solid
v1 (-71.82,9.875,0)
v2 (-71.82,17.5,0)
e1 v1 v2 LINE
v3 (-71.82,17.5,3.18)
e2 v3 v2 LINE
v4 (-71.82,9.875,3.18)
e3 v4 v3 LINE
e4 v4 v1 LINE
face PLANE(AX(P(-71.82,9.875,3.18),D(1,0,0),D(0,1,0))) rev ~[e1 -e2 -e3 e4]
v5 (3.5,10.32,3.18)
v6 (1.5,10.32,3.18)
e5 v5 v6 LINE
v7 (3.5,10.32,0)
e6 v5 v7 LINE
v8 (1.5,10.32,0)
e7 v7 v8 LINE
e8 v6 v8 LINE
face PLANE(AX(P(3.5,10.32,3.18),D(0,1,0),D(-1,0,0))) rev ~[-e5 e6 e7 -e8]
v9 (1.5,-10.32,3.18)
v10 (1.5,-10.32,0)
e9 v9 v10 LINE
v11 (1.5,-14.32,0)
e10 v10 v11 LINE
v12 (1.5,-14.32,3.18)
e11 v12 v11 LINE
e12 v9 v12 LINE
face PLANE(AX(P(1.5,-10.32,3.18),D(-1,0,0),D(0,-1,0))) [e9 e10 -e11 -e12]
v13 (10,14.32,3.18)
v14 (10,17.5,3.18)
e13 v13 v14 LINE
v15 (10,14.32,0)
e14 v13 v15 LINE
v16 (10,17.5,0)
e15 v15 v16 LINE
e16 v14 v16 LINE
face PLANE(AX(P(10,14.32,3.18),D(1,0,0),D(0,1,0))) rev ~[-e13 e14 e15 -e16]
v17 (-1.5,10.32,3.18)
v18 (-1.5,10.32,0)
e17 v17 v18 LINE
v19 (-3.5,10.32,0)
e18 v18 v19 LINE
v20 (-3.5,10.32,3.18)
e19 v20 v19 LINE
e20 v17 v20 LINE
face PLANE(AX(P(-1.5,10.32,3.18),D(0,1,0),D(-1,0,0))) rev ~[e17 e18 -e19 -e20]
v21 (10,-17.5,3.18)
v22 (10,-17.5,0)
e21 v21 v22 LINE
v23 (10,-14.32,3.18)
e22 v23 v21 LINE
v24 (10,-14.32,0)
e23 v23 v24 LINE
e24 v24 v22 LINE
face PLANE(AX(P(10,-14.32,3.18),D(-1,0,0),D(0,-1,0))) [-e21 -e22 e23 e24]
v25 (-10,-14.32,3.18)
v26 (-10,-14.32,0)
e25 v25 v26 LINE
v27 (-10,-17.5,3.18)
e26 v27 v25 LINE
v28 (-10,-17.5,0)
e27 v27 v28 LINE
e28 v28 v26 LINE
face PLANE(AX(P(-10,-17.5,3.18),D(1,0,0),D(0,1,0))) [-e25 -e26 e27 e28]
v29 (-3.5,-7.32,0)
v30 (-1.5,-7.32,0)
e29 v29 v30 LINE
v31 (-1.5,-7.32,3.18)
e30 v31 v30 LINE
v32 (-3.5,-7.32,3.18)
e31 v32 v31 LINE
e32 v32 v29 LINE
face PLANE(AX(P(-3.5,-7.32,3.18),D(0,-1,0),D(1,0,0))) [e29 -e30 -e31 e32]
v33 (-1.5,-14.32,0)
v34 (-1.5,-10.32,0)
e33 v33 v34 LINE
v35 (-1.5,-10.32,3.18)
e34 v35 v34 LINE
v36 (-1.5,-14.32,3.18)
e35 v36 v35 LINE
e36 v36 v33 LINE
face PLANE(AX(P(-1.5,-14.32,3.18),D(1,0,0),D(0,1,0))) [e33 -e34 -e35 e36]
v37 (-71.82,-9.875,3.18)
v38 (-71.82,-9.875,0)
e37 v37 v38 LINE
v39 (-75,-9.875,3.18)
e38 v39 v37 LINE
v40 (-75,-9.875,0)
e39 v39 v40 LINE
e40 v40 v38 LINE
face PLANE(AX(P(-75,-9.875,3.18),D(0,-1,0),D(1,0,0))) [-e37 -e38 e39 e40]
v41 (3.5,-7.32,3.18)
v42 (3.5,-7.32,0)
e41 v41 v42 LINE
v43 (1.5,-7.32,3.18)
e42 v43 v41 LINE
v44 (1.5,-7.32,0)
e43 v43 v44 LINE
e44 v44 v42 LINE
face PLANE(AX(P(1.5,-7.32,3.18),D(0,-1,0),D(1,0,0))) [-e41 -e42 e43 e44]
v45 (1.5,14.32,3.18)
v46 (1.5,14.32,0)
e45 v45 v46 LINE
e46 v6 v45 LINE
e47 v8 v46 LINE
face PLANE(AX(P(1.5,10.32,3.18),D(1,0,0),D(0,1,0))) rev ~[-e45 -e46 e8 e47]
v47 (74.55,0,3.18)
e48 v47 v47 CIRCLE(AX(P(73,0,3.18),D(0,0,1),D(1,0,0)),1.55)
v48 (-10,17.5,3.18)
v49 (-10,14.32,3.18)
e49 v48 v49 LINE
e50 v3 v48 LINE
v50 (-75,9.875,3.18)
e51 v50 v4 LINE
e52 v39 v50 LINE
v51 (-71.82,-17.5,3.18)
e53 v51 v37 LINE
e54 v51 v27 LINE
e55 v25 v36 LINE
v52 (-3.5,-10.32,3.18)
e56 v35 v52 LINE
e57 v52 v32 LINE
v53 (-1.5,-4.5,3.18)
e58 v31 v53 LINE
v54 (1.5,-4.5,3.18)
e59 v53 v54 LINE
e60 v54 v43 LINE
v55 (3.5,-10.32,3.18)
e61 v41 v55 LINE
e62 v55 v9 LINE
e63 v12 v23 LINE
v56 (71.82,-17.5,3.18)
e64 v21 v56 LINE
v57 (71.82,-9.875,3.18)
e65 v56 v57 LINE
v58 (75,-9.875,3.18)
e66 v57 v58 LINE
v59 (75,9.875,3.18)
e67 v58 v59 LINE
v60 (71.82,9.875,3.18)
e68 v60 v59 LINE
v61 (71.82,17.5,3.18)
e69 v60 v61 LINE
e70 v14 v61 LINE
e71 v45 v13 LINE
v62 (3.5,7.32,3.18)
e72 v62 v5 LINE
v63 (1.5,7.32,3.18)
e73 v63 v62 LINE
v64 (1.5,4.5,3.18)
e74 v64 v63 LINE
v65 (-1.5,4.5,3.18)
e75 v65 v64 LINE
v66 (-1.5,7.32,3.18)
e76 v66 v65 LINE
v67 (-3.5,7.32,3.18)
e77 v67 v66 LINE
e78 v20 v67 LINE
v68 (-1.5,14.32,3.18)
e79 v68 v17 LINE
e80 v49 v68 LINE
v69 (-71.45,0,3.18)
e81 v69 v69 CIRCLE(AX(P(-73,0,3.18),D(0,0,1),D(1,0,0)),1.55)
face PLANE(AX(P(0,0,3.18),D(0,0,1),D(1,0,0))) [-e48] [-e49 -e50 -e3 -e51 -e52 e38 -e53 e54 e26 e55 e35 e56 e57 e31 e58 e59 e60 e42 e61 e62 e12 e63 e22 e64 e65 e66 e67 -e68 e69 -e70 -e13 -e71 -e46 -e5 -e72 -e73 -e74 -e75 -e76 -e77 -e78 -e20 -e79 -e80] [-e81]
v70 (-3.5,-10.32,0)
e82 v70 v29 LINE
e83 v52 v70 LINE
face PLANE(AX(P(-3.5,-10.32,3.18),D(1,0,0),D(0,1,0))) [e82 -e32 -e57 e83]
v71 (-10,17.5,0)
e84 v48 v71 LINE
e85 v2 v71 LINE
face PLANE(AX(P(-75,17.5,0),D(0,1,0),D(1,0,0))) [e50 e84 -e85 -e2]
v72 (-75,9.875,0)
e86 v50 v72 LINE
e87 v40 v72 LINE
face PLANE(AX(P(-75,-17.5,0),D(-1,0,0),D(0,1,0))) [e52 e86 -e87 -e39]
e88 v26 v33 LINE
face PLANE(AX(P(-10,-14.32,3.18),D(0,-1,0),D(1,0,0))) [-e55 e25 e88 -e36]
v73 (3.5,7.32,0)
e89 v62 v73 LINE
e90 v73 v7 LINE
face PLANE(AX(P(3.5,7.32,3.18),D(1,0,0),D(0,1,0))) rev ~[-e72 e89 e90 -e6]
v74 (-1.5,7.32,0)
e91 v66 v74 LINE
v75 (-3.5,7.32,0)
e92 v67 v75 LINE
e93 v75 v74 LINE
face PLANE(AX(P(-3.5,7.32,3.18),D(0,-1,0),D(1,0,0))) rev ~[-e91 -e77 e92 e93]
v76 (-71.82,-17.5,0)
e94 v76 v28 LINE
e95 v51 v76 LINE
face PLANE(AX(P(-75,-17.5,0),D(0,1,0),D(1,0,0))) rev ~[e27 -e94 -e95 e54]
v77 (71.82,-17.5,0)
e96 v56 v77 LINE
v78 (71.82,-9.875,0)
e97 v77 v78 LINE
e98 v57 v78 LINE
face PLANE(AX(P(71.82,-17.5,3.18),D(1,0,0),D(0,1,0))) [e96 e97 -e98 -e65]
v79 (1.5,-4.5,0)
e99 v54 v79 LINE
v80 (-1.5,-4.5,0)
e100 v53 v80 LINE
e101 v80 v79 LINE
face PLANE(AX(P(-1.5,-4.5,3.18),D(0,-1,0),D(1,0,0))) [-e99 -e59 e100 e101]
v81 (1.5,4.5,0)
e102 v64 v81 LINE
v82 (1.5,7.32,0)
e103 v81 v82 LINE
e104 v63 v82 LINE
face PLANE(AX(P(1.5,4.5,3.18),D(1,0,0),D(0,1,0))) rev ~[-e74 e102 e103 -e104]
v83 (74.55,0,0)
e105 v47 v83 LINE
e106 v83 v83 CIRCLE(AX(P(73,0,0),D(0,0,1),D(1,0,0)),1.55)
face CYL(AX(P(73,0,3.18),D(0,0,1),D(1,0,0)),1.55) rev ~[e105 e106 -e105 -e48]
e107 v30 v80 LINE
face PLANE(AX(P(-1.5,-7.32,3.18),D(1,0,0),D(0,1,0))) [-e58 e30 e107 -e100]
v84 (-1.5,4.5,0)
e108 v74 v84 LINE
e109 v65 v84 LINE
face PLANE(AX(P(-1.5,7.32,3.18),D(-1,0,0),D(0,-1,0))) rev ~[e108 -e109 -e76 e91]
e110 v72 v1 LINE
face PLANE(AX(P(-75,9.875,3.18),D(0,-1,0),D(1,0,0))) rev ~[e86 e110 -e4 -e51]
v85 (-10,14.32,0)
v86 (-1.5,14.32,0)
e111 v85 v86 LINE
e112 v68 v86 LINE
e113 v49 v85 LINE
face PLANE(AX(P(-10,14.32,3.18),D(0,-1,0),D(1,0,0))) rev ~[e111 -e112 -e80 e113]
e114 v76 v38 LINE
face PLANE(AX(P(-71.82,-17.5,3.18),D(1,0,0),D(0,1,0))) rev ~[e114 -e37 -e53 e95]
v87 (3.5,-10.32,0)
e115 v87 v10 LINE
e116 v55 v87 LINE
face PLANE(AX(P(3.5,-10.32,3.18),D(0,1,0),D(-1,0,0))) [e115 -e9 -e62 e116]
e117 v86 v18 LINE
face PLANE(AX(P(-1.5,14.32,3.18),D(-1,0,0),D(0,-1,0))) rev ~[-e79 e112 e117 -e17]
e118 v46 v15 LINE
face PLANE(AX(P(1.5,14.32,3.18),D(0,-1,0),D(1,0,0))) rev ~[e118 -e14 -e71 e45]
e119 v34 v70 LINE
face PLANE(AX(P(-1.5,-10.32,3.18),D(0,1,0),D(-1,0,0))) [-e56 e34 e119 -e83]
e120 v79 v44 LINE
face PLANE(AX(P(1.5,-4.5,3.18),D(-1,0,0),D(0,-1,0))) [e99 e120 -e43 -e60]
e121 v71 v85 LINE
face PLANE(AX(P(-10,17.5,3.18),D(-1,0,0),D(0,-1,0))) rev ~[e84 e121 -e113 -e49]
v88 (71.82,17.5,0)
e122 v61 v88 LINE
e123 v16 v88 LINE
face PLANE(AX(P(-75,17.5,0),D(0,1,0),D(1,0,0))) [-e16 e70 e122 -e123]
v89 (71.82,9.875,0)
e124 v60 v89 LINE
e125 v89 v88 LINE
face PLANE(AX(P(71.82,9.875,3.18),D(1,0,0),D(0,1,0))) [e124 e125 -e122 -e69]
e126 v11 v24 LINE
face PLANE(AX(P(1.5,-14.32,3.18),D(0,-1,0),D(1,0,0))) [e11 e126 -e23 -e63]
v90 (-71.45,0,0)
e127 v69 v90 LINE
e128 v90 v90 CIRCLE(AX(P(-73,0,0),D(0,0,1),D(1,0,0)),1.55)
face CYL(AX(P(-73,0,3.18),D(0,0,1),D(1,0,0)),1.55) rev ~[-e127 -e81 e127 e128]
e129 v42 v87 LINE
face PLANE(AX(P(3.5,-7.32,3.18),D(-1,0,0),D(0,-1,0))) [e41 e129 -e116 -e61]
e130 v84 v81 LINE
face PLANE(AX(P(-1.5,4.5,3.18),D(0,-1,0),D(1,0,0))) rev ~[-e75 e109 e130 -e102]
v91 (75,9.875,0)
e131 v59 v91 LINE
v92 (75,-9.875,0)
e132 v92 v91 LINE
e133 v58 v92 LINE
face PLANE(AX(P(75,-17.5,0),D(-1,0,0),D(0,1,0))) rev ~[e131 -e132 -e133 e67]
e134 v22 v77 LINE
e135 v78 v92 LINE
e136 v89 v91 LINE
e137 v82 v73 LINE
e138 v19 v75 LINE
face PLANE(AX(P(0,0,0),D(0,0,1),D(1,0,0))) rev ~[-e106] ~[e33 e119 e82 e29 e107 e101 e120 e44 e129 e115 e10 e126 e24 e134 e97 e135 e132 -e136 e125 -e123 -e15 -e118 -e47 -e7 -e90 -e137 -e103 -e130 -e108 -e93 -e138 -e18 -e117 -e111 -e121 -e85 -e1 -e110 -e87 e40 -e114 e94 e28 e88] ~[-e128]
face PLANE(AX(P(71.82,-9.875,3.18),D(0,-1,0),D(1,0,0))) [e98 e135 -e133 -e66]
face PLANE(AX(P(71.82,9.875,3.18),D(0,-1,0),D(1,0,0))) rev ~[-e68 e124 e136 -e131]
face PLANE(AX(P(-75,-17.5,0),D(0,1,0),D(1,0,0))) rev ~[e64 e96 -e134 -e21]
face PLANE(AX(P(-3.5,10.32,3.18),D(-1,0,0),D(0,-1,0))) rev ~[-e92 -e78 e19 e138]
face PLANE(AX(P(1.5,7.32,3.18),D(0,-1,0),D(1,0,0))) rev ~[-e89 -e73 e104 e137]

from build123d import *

# Parameters (mm, degrees)
SKETCH1_W           = 150
SKETCH1_H           = 35
BOSS_EXTRUDE1_DEPTH = 3.18
SKETCH2_R           = 1.55
SKETCH2_W           = 3.18
SKETCH2_H           = 7.625
CUT_EXTRUDE1_DEPTH  = 78.080233523


with BuildPart() as part:
    # Sketch1 → Boss-Extrude1 (new body)
    with BuildSketch(Plane.XY):
        Rectangle(SKETCH1_W, SKETCH1_H)
    extrude(amount=BOSS_EXTRUDE1_DEPTH)

    # Sketch2 → Cut-Extrude1 (cut, through all)
    with BuildSketch(Plane.XY.offset(3.18)):
        with Locations((-73, 0)):
            Circle(SKETCH2_R)
        with Locations((73, 0)):
            Circle(SKETCH2_R)
        Polygon((1.5, 14.32), (10, 14.32), (10, 17.5), (-10, 17.5), (-10, 14.32), (-1.5, 14.32), (-1.5, 10.32), (-3.5, 10.32), (-3.5, 7.32), (-1.5, 7.32), (-1.5, 4.5), (1.5, 4.5), (1.5, 7.32), (3.5, 7.32), (3.5, 10.32), (1.5, 10.32), align=None)
        Polygon((-1.5, -7.32), (-1.5, -4.5), (1.5, -4.5), (1.5, -7.32), (3.5, -7.32), (3.5, -10.32), (1.5, -10.32), (1.5, -14.32), (10, -14.32), (10, -17.5), (-10, -17.5), (-10, -14.32), (-1.5, -14.32), (-1.5, -10.32), (-3.5, -10.32), (-3.5, -7.32), align=None)
        with Locations((73.41, -13.6875)):
            Rectangle(SKETCH2_W, SKETCH2_H)
        with Locations((-73.41, 13.6875)):
            Rectangle(SKETCH2_W, SKETCH2_H)
        with Locations((-73.41, -13.6875)):
            Rectangle(SKETCH2_W, SKETCH2_H)
        with Locations((73.41, 13.6875)):
            Rectangle(SKETCH2_W, SKETCH2_H)
    extrude(amount=-CUT_EXTRUDE1_DEPTH, mode=Mode.SUBTRACT)


solid = part.part
